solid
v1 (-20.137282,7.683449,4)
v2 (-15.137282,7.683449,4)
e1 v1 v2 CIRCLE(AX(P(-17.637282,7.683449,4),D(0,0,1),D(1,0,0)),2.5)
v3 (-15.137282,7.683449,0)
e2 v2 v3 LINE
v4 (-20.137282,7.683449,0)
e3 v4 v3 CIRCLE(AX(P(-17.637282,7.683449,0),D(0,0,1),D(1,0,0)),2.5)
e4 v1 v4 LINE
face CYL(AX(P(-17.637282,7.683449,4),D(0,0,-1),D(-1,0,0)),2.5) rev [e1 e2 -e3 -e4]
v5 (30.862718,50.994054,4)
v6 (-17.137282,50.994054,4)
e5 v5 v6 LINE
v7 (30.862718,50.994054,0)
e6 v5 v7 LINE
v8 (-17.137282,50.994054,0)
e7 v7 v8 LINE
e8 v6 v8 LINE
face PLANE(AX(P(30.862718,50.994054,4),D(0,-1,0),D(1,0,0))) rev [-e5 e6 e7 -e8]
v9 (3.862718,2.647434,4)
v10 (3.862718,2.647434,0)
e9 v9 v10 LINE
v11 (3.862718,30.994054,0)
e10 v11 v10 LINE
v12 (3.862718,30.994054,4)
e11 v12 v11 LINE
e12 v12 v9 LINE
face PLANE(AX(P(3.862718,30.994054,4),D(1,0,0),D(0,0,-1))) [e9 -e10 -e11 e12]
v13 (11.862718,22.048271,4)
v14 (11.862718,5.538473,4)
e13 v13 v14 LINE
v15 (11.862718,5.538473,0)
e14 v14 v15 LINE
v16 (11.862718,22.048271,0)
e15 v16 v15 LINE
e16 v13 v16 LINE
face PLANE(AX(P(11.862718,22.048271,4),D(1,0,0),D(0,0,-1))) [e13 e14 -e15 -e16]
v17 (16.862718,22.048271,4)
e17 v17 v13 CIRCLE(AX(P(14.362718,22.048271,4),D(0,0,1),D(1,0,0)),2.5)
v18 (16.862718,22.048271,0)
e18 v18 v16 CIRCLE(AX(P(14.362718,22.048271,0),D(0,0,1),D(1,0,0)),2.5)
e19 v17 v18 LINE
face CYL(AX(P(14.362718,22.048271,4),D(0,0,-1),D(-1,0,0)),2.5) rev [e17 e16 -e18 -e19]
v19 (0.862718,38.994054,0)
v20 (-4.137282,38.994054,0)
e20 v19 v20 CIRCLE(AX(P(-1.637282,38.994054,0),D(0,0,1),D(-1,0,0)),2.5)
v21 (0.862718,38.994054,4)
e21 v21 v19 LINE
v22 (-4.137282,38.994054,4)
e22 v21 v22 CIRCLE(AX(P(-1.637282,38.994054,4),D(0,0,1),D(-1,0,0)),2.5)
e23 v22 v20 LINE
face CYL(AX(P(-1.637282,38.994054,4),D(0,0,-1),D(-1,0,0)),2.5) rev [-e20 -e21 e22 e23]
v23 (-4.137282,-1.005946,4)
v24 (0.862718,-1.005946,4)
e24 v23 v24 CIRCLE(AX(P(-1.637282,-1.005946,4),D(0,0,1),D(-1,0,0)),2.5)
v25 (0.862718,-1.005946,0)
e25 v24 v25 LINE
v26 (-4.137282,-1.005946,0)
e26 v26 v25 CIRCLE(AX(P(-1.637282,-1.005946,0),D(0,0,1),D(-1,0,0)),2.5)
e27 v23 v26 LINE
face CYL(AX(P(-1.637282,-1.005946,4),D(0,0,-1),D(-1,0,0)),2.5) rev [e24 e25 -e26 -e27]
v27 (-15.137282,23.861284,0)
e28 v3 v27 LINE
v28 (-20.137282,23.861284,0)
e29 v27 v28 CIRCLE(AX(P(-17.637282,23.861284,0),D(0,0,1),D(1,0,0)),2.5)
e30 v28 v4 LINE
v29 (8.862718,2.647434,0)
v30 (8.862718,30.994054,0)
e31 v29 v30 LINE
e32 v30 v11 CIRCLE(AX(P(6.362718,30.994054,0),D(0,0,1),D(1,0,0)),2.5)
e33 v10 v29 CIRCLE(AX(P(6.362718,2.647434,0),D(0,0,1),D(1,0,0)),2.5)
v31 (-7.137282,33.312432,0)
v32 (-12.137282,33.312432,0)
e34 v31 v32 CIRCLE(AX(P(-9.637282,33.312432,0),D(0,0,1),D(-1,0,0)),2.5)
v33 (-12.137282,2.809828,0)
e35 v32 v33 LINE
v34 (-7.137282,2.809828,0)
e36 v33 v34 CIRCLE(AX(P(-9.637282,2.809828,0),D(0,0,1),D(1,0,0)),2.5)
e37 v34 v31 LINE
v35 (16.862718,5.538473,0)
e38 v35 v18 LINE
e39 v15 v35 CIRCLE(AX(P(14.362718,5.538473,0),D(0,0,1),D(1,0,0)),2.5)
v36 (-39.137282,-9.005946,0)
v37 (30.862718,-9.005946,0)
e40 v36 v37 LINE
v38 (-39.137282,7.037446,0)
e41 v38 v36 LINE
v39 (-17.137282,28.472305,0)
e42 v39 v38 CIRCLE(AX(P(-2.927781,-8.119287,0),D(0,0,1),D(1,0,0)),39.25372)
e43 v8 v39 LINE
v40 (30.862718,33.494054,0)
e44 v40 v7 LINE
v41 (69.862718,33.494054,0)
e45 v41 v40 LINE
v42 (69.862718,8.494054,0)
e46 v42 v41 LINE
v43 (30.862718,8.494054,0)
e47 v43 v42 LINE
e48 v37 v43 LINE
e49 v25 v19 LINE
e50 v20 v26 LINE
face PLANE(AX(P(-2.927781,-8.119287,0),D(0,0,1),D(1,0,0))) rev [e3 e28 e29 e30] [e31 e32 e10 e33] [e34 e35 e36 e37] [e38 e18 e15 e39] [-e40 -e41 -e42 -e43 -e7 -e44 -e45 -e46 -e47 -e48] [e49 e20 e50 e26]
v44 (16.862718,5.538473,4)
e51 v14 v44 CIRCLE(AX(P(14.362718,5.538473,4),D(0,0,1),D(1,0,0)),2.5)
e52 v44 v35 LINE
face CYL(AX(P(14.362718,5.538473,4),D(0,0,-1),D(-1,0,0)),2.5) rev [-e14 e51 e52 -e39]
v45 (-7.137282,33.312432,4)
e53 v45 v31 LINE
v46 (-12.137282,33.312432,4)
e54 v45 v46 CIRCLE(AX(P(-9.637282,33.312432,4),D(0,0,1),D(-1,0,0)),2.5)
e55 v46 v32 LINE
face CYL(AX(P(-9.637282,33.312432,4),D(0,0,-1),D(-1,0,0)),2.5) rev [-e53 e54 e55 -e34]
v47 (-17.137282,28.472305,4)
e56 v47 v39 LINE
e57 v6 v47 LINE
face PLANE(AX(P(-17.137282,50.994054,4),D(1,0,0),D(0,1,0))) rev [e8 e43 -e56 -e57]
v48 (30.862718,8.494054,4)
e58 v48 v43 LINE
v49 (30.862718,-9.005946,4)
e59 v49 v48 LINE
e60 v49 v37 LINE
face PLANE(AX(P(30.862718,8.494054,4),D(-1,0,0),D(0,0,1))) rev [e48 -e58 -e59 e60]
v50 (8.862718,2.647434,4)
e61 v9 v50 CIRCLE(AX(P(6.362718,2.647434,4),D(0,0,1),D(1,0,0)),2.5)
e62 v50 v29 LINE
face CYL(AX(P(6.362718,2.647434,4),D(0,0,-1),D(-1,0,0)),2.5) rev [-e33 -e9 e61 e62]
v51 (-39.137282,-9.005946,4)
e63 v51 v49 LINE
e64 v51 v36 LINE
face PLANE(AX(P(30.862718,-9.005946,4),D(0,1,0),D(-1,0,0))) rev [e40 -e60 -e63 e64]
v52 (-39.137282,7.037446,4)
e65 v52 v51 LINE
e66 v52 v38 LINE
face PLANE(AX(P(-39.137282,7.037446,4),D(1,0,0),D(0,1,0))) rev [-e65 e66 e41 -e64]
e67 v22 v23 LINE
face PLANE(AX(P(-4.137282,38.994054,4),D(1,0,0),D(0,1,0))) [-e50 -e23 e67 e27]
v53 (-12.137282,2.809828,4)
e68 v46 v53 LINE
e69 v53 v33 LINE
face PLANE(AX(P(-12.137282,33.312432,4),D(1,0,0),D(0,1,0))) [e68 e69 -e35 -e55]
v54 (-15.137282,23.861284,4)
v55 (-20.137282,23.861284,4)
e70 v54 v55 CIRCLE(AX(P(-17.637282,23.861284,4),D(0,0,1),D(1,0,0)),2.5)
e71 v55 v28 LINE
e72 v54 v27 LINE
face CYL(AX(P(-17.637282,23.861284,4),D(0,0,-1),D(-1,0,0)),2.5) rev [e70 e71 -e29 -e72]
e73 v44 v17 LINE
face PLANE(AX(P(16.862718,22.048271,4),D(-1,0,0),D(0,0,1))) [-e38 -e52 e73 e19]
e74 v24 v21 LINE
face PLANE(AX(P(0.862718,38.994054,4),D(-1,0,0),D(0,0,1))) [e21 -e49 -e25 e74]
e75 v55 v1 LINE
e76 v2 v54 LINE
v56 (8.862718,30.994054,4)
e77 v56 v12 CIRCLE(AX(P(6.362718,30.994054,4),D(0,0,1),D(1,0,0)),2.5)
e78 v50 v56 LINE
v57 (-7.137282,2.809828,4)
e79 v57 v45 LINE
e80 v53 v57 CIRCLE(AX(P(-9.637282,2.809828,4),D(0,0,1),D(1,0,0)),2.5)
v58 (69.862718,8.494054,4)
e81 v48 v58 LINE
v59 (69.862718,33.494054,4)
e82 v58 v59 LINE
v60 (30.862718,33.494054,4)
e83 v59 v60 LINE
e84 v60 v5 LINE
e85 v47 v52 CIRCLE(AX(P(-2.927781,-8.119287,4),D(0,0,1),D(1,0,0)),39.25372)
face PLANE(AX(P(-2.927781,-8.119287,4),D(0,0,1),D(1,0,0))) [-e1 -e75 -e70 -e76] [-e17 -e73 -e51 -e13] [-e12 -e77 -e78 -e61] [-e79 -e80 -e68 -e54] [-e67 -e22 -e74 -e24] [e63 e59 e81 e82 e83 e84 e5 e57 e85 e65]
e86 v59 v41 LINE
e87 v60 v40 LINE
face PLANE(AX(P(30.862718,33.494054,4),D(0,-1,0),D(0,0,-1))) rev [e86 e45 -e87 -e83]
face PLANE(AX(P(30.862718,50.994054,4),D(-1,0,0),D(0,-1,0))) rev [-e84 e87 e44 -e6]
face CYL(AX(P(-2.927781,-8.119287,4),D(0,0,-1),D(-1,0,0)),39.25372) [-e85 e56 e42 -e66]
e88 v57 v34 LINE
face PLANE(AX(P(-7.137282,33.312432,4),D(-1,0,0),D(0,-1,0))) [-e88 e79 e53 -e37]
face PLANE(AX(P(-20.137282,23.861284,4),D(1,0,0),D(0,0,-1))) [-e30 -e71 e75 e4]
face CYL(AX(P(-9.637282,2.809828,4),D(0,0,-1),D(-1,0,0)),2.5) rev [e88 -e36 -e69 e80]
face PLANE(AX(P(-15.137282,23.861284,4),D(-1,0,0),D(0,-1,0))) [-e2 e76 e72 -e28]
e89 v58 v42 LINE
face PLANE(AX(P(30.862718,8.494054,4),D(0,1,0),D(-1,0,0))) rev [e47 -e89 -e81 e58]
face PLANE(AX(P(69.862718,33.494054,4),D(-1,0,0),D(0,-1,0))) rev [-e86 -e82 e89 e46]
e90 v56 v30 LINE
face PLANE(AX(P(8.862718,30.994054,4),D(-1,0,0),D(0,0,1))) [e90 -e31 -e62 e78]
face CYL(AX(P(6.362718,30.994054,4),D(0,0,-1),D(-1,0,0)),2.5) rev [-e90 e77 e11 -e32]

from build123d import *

# Parameters (mm, degrees)
BOSS_EXTRUDE1_DEPTH = 4


with BuildPart() as part:
    # Sketch1 → Boss-Extrude1 (new body)
    with BuildSketch(Plane.XY):
        with BuildLine():
            Line((30.862718171, 33.494054131), (69.862718171, 33.494054131))
            Line((69.862718171, 33.494054131), (69.862718171, 8.494054131))
            Line((69.862718171, 8.494054131), (30.862718171, 8.494054131))
            Line((30.862718171, 8.494054131), (30.862718171, -9.005945869))
            Line((30.862718171, -9.005945869), (-39.137281829, -9.005945869))
            Line((-39.137281829, -9.005945869), (-39.137281829, 7.037446143))
            ThreePointArc((-39.137281829, 7.037446143), (-30.320886371, 19.996051834), (-17.137281829, 28.472304637))
            Line((-17.137281829, 28.472304637), (-17.137281829, 50.994054131))
            Line((-17.137281829, 50.994054131), (30.862718171, 50.994054131))
            Line((30.862718171, 50.994054131), (30.862718171, 33.494054131))
        make_face()
        with BuildLine():
            Line((-4.137281829, 38.994054131), (-4.137281829, -1.005945869))
            ThreePointArc((-4.137281829, -1.005945869), (-1.637281829, -3.505945869), (0.862718171, -1.005945869))
            Line((0.862718171, -1.005945869), (0.862718171, 38.994054131))
            ThreePointArc((0.862718171, 38.994054131), (-1.637281829, 41.494054131), (-4.137281829, 38.994054131))
        make_face(mode=Mode.SUBTRACT)
        with BuildLine():
            Line((-12.137281829, 33.312431903), (-12.137281829, 2.809827896))
            ThreePointArc((-12.137281829, 2.809827896), (-9.637281829, 0.309827896), (-7.137281829, 2.809827896))
            Line((-7.137281829, 2.809827896), (-7.137281829, 33.312431903))
            ThreePointArc((-7.137281829, 33.312431903), (-9.637281829, 35.812431903), (-12.137281829, 33.312431903))
        make_face(mode=Mode.SUBTRACT)
        with BuildLine():
            Line((-15.137281829, 23.861283589), (-15.137281829, 7.683449462))
            ThreePointArc((-15.137281829, 7.683449462), (-17.637281829, 5.183449462), (-20.137281829, 7.683449462))
            Line((-20.137281829, 7.683449462), (-20.137281829, 23.861283589))
            ThreePointArc((-20.137281829, 23.861283589), (-17.637281829, 26.361283589), (-15.137281829, 23.861283589))
        make_face(mode=Mode.SUBTRACT)
        with BuildLine():
            Line((3.862718171, 30.994054131), (3.862718171, 2.647434443))
            ThreePointArc((3.862718171, 2.647434443), (6.362718171, 0.147434443), (8.862718171, 2.647434443))
            Line((8.862718171, 2.647434443), (8.862718171, 30.994054131))
            ThreePointArc((8.862718171, 30.994054131), (6.362718171, 33.494054131), (3.862718171, 30.994054131))
        make_face(mode=Mode.SUBTRACT)
        with BuildLine():
            Line((11.862718171, 22.048271006), (11.862718171, 5.538473012))
            ThreePointArc((11.862718171, 5.538473012), (14.362718171, 3.038473012), (16.862718171, 5.538473012))
            Line((16.862718171, 5.538473012), (16.862718171, 22.048271006))
            ThreePointArc((16.862718171, 22.048271006), (14.362718171, 24.548271006), (11.862718171, 22.048271006))
        make_face(mode=Mode.SUBTRACT)
    extrude(amount=BOSS_EXTRUDE1_DEPTH)


solid = part.part
